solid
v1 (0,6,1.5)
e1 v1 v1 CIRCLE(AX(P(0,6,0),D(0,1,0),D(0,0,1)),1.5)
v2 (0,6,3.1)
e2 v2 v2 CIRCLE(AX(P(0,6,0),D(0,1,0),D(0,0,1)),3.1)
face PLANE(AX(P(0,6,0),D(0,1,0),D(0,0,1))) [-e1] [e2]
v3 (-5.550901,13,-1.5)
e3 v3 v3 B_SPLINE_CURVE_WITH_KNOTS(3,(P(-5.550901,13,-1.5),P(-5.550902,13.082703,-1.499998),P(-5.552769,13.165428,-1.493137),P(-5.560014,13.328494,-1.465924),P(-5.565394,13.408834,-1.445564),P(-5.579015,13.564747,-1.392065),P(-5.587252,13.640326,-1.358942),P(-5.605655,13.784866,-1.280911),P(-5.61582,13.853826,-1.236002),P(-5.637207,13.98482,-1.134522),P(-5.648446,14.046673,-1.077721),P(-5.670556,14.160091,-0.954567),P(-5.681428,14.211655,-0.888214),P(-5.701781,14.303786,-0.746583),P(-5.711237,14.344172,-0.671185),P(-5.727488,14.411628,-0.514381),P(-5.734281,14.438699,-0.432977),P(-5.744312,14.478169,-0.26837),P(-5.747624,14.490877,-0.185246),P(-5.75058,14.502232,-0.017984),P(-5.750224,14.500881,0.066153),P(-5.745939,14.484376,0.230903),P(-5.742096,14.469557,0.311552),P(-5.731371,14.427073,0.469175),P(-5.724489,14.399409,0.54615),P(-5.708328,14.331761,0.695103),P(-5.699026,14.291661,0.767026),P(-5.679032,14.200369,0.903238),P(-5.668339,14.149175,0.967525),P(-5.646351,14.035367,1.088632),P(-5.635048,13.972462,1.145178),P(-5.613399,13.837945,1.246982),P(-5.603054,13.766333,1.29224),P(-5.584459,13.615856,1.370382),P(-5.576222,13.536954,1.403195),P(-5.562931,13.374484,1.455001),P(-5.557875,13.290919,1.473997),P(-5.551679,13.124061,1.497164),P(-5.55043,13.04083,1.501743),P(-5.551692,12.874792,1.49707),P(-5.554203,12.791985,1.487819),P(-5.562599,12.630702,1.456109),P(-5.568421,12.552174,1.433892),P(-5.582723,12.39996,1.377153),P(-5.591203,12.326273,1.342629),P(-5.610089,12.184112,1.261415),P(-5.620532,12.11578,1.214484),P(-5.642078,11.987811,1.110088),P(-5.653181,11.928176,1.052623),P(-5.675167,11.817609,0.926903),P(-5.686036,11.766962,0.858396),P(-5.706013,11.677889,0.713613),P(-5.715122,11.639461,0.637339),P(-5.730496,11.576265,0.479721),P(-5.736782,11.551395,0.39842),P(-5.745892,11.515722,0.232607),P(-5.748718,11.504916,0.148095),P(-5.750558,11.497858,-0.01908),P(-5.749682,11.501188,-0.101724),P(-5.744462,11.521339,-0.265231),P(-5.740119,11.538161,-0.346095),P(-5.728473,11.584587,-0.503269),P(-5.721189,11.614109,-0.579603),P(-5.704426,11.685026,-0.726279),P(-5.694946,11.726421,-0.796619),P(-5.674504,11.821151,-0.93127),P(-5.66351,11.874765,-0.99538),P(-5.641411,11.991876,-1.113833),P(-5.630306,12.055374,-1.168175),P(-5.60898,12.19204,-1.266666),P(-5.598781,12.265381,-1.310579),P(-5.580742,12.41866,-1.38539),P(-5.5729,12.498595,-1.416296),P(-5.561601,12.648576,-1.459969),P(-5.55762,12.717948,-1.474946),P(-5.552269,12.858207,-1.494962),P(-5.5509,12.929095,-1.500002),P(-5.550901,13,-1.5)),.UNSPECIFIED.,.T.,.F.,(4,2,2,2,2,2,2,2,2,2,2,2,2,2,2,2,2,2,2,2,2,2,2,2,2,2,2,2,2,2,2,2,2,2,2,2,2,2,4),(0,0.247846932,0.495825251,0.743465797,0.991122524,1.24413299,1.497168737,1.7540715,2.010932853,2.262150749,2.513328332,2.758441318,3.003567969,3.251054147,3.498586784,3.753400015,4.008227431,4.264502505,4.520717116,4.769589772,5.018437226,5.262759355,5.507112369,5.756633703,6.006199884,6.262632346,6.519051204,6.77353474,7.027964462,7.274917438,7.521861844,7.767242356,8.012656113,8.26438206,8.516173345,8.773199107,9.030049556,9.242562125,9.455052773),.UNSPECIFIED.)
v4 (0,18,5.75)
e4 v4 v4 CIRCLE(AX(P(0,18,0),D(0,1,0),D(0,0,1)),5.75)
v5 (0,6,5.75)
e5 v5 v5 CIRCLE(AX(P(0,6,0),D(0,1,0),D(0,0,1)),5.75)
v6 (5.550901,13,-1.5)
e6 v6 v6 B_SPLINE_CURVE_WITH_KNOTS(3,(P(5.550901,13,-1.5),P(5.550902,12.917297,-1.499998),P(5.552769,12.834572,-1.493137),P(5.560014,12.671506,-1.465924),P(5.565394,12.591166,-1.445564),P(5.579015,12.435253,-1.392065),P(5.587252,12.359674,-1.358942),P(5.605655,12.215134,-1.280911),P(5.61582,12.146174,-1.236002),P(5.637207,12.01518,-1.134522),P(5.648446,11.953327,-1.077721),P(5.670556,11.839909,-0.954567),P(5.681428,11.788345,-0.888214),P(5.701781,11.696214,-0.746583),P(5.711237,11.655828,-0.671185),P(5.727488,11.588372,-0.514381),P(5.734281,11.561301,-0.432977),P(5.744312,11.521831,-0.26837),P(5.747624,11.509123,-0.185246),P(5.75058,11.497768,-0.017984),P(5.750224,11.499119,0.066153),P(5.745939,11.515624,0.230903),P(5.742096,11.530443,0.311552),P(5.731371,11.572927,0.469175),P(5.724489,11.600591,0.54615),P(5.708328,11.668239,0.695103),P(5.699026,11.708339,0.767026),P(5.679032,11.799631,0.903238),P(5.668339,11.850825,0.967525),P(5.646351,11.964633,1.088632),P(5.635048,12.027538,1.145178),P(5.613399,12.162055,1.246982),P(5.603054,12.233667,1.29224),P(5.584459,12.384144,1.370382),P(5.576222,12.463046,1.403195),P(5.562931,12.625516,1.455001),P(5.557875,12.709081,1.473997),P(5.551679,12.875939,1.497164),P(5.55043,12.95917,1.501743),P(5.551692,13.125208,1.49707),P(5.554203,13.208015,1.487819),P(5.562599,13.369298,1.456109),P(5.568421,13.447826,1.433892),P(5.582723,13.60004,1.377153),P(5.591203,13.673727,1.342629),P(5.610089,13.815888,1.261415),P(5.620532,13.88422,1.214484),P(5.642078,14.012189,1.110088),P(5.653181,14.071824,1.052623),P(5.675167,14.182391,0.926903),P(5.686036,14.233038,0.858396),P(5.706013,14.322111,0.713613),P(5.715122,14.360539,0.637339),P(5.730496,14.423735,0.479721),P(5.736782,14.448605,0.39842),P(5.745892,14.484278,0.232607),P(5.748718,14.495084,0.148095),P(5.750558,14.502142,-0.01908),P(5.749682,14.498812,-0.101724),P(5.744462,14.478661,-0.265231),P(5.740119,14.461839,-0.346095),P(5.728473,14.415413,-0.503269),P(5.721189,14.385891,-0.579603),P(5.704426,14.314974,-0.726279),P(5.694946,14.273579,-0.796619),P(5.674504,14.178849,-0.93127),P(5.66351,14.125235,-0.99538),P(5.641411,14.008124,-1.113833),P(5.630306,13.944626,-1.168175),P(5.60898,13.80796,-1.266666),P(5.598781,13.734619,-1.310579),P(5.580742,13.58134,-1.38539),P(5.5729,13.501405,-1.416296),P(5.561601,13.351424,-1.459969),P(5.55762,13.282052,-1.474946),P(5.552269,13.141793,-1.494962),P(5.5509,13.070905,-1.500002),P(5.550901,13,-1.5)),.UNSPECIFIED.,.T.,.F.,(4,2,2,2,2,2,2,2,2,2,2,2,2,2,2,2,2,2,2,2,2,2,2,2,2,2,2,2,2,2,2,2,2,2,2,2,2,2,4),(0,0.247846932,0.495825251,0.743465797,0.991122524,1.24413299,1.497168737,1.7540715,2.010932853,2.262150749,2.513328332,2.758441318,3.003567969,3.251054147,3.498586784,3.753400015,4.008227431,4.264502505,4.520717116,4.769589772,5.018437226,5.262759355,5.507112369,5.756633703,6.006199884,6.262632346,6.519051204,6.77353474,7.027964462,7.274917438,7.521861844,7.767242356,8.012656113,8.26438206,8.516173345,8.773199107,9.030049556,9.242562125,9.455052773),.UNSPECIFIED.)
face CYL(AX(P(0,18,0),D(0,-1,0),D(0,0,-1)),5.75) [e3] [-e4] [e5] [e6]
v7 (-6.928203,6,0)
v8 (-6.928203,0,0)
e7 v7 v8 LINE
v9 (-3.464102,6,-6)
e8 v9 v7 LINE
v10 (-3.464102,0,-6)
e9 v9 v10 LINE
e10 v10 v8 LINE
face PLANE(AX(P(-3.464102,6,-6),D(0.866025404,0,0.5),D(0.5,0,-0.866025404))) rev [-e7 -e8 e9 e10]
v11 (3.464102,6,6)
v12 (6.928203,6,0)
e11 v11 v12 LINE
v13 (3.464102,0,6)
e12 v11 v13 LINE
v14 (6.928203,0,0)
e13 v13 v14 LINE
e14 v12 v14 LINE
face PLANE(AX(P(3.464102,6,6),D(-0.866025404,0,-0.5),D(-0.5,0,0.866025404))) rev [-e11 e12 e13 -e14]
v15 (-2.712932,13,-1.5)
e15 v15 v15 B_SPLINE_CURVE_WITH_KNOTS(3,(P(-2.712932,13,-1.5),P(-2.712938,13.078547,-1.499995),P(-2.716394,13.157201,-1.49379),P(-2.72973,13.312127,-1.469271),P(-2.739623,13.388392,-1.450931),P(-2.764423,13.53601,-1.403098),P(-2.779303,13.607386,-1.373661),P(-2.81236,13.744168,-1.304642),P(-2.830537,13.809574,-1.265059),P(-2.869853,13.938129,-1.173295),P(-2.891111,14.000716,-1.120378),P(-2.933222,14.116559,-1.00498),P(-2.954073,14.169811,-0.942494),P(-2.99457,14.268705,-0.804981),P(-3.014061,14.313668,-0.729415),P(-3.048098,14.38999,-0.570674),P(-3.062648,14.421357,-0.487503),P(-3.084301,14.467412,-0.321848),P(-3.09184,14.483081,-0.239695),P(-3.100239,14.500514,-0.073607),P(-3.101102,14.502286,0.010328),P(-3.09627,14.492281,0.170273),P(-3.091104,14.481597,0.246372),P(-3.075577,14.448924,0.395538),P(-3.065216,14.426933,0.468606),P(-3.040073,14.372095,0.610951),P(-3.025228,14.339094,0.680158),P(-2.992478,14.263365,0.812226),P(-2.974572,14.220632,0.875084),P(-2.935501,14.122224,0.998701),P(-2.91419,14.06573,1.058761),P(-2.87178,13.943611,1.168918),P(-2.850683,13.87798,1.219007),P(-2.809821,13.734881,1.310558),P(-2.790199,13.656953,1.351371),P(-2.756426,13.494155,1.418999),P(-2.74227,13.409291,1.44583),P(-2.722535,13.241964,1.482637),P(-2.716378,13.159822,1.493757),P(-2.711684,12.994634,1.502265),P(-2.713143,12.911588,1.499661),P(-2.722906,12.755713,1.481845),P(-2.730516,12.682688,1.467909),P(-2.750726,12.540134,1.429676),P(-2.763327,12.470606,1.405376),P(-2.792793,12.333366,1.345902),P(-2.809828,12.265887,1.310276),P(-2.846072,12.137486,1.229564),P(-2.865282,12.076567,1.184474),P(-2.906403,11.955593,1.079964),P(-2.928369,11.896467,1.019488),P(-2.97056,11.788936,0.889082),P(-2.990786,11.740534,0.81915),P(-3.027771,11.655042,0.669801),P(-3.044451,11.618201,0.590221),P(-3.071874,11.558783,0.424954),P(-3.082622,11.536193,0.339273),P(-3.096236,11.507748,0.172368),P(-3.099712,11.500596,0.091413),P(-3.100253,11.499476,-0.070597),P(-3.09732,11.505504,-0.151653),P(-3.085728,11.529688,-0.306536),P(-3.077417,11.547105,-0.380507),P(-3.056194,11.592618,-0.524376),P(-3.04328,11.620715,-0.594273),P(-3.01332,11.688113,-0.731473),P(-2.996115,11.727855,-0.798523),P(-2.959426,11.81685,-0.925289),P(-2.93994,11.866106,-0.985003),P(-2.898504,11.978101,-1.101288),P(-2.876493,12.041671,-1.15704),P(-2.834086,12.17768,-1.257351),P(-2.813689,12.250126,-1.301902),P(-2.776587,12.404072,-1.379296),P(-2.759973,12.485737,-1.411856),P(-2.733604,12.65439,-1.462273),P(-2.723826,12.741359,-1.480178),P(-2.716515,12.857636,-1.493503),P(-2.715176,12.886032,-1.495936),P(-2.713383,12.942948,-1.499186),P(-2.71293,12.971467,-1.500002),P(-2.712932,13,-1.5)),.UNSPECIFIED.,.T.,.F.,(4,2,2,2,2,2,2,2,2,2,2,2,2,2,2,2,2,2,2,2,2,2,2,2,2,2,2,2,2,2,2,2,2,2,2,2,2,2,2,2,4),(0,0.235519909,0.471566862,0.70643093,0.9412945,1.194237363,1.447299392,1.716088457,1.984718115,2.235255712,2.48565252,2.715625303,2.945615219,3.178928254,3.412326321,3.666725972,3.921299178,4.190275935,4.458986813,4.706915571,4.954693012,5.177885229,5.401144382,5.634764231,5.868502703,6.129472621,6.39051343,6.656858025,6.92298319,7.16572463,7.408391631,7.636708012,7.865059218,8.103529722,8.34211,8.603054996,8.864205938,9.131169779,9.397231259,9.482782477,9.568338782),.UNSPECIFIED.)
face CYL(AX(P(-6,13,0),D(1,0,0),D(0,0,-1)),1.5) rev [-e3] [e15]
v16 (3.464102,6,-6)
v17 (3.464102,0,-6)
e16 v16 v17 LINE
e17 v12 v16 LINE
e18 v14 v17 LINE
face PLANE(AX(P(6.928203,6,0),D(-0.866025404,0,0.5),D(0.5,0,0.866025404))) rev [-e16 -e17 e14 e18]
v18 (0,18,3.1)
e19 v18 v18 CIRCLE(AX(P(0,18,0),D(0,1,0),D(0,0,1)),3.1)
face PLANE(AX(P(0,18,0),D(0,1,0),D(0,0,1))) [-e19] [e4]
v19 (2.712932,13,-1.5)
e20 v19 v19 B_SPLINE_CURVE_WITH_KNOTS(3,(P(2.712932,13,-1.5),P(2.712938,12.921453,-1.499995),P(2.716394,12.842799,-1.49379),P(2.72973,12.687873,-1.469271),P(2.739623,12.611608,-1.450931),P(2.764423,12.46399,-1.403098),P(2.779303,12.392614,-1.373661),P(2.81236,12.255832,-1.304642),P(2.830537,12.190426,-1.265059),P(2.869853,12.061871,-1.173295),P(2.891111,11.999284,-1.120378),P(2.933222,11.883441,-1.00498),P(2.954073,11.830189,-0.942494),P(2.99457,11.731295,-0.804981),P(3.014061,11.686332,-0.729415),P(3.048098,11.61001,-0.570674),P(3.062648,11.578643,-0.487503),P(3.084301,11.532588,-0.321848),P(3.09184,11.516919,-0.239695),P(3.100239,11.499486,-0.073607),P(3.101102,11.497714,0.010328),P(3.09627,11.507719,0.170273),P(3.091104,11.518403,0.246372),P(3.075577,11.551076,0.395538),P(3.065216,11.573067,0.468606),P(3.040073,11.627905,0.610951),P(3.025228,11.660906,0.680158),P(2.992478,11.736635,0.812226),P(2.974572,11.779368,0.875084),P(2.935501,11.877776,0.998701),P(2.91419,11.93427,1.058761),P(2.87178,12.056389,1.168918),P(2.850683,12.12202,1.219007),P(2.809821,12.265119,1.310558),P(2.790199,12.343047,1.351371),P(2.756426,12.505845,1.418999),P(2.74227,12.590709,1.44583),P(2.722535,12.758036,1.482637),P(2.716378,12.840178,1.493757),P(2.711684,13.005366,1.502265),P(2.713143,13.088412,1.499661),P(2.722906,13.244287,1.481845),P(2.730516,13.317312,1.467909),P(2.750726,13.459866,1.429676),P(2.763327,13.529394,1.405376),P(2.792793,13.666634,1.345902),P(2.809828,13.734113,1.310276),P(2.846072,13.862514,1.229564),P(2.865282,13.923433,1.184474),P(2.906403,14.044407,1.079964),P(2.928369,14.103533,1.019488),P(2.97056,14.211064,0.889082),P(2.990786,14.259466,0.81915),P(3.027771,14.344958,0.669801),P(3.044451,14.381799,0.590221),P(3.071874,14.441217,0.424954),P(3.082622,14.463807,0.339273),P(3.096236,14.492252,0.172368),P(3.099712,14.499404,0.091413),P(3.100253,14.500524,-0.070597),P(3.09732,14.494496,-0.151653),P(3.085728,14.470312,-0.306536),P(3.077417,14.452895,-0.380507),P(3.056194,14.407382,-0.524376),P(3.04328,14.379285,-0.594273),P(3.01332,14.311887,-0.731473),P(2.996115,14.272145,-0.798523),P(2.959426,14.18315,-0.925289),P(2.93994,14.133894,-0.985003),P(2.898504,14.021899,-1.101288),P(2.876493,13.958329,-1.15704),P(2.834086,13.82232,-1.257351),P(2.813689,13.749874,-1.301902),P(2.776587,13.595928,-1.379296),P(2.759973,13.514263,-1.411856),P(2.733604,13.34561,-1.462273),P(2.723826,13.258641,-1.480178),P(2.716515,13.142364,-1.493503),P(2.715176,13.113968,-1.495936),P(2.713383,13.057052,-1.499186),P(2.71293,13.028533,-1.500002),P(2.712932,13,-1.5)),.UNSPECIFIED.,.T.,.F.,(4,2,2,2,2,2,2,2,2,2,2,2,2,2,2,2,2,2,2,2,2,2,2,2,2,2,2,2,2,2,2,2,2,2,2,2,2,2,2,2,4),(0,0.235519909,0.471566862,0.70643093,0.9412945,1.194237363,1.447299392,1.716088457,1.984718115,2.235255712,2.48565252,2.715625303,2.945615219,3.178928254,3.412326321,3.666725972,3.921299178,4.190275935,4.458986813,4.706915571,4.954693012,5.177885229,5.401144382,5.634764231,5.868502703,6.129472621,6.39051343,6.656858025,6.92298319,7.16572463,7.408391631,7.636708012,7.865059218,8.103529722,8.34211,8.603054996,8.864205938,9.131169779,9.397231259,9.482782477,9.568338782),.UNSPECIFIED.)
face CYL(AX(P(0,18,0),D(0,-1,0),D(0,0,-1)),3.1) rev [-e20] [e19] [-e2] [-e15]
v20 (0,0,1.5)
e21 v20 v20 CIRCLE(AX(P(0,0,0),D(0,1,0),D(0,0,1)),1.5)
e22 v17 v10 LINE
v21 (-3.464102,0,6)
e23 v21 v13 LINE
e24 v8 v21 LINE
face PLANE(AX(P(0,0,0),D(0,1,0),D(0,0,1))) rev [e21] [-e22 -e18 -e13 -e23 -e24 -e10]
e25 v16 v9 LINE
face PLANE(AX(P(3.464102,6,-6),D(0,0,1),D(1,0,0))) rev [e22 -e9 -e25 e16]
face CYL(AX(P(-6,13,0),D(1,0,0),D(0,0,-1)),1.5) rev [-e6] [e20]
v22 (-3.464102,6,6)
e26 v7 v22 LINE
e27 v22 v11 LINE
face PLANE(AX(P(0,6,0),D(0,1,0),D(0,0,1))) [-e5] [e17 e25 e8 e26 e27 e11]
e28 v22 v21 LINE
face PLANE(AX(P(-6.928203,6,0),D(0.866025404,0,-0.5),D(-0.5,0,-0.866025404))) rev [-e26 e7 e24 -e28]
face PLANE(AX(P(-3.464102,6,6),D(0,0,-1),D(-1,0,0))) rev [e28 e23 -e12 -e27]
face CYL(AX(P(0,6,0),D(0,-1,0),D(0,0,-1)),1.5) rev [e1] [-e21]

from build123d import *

# Parameters (mm, degrees)
SKETCH1_R           = 1.5
BOSS_EXTRUDE1_DEPTH = 6
SKETCH2_R           = 5.75
SKETCH2_R_2         = 3.1
BOSS_EXTRUDE2_DEPTH = 12
SKETCH3_R           = 1.5
CUT_EXTRUDE1_DEPTH  = 6


with BuildPart() as part:
    # Sketch1 → Boss-Extrude1 (new body)
    with BuildSketch(Plane(origin=(0, 0, 0), x_dir=(1, 0, 0), z_dir=(0, 1, 0))):
        Polygon((6.92820323, 0), (3.464101615, 6), (-3.464101615, 6), (-6.92820323, 0), (-3.464101615, -6), (3.464101615, -6), align=None)
        with Locations(Location((0, 0, 0), (0, 0, 270))):
            Circle(SKETCH1_R, mode=Mode.SUBTRACT)
    extrude(amount=BOSS_EXTRUDE1_DEPTH)

    # Sketch2 → Boss-Extrude2 (add)
    with BuildSketch(Plane(origin=(0, 6, 0), x_dir=(1, 0, 0), z_dir=(0, 1, 0))):
        with Locations(Location((0, 0, 0), (0, 0, 270))):
            Circle(SKETCH2_R)
        with Locations(Location((0, 0, 0), (0, 0, 270))):
            Circle(SKETCH2_R_2, mode=Mode.SUBTRACT)
    extrude(amount=BOSS_EXTRUDE2_DEPTH)

    # Sketch3 → Cut-Extrude1 (cut, symmetric)
    with BuildSketch(Plane(origin=(0, 0, 0), x_dir=(0, 0, -1), z_dir=(1, 0, 0))):
        with Locations((0, 13)):
            Circle(SKETCH3_R)
    extrude(amount=CUT_EXTRUDE1_DEPTH, both=True, mode=Mode.SUBTRACT)


solid = part.part
